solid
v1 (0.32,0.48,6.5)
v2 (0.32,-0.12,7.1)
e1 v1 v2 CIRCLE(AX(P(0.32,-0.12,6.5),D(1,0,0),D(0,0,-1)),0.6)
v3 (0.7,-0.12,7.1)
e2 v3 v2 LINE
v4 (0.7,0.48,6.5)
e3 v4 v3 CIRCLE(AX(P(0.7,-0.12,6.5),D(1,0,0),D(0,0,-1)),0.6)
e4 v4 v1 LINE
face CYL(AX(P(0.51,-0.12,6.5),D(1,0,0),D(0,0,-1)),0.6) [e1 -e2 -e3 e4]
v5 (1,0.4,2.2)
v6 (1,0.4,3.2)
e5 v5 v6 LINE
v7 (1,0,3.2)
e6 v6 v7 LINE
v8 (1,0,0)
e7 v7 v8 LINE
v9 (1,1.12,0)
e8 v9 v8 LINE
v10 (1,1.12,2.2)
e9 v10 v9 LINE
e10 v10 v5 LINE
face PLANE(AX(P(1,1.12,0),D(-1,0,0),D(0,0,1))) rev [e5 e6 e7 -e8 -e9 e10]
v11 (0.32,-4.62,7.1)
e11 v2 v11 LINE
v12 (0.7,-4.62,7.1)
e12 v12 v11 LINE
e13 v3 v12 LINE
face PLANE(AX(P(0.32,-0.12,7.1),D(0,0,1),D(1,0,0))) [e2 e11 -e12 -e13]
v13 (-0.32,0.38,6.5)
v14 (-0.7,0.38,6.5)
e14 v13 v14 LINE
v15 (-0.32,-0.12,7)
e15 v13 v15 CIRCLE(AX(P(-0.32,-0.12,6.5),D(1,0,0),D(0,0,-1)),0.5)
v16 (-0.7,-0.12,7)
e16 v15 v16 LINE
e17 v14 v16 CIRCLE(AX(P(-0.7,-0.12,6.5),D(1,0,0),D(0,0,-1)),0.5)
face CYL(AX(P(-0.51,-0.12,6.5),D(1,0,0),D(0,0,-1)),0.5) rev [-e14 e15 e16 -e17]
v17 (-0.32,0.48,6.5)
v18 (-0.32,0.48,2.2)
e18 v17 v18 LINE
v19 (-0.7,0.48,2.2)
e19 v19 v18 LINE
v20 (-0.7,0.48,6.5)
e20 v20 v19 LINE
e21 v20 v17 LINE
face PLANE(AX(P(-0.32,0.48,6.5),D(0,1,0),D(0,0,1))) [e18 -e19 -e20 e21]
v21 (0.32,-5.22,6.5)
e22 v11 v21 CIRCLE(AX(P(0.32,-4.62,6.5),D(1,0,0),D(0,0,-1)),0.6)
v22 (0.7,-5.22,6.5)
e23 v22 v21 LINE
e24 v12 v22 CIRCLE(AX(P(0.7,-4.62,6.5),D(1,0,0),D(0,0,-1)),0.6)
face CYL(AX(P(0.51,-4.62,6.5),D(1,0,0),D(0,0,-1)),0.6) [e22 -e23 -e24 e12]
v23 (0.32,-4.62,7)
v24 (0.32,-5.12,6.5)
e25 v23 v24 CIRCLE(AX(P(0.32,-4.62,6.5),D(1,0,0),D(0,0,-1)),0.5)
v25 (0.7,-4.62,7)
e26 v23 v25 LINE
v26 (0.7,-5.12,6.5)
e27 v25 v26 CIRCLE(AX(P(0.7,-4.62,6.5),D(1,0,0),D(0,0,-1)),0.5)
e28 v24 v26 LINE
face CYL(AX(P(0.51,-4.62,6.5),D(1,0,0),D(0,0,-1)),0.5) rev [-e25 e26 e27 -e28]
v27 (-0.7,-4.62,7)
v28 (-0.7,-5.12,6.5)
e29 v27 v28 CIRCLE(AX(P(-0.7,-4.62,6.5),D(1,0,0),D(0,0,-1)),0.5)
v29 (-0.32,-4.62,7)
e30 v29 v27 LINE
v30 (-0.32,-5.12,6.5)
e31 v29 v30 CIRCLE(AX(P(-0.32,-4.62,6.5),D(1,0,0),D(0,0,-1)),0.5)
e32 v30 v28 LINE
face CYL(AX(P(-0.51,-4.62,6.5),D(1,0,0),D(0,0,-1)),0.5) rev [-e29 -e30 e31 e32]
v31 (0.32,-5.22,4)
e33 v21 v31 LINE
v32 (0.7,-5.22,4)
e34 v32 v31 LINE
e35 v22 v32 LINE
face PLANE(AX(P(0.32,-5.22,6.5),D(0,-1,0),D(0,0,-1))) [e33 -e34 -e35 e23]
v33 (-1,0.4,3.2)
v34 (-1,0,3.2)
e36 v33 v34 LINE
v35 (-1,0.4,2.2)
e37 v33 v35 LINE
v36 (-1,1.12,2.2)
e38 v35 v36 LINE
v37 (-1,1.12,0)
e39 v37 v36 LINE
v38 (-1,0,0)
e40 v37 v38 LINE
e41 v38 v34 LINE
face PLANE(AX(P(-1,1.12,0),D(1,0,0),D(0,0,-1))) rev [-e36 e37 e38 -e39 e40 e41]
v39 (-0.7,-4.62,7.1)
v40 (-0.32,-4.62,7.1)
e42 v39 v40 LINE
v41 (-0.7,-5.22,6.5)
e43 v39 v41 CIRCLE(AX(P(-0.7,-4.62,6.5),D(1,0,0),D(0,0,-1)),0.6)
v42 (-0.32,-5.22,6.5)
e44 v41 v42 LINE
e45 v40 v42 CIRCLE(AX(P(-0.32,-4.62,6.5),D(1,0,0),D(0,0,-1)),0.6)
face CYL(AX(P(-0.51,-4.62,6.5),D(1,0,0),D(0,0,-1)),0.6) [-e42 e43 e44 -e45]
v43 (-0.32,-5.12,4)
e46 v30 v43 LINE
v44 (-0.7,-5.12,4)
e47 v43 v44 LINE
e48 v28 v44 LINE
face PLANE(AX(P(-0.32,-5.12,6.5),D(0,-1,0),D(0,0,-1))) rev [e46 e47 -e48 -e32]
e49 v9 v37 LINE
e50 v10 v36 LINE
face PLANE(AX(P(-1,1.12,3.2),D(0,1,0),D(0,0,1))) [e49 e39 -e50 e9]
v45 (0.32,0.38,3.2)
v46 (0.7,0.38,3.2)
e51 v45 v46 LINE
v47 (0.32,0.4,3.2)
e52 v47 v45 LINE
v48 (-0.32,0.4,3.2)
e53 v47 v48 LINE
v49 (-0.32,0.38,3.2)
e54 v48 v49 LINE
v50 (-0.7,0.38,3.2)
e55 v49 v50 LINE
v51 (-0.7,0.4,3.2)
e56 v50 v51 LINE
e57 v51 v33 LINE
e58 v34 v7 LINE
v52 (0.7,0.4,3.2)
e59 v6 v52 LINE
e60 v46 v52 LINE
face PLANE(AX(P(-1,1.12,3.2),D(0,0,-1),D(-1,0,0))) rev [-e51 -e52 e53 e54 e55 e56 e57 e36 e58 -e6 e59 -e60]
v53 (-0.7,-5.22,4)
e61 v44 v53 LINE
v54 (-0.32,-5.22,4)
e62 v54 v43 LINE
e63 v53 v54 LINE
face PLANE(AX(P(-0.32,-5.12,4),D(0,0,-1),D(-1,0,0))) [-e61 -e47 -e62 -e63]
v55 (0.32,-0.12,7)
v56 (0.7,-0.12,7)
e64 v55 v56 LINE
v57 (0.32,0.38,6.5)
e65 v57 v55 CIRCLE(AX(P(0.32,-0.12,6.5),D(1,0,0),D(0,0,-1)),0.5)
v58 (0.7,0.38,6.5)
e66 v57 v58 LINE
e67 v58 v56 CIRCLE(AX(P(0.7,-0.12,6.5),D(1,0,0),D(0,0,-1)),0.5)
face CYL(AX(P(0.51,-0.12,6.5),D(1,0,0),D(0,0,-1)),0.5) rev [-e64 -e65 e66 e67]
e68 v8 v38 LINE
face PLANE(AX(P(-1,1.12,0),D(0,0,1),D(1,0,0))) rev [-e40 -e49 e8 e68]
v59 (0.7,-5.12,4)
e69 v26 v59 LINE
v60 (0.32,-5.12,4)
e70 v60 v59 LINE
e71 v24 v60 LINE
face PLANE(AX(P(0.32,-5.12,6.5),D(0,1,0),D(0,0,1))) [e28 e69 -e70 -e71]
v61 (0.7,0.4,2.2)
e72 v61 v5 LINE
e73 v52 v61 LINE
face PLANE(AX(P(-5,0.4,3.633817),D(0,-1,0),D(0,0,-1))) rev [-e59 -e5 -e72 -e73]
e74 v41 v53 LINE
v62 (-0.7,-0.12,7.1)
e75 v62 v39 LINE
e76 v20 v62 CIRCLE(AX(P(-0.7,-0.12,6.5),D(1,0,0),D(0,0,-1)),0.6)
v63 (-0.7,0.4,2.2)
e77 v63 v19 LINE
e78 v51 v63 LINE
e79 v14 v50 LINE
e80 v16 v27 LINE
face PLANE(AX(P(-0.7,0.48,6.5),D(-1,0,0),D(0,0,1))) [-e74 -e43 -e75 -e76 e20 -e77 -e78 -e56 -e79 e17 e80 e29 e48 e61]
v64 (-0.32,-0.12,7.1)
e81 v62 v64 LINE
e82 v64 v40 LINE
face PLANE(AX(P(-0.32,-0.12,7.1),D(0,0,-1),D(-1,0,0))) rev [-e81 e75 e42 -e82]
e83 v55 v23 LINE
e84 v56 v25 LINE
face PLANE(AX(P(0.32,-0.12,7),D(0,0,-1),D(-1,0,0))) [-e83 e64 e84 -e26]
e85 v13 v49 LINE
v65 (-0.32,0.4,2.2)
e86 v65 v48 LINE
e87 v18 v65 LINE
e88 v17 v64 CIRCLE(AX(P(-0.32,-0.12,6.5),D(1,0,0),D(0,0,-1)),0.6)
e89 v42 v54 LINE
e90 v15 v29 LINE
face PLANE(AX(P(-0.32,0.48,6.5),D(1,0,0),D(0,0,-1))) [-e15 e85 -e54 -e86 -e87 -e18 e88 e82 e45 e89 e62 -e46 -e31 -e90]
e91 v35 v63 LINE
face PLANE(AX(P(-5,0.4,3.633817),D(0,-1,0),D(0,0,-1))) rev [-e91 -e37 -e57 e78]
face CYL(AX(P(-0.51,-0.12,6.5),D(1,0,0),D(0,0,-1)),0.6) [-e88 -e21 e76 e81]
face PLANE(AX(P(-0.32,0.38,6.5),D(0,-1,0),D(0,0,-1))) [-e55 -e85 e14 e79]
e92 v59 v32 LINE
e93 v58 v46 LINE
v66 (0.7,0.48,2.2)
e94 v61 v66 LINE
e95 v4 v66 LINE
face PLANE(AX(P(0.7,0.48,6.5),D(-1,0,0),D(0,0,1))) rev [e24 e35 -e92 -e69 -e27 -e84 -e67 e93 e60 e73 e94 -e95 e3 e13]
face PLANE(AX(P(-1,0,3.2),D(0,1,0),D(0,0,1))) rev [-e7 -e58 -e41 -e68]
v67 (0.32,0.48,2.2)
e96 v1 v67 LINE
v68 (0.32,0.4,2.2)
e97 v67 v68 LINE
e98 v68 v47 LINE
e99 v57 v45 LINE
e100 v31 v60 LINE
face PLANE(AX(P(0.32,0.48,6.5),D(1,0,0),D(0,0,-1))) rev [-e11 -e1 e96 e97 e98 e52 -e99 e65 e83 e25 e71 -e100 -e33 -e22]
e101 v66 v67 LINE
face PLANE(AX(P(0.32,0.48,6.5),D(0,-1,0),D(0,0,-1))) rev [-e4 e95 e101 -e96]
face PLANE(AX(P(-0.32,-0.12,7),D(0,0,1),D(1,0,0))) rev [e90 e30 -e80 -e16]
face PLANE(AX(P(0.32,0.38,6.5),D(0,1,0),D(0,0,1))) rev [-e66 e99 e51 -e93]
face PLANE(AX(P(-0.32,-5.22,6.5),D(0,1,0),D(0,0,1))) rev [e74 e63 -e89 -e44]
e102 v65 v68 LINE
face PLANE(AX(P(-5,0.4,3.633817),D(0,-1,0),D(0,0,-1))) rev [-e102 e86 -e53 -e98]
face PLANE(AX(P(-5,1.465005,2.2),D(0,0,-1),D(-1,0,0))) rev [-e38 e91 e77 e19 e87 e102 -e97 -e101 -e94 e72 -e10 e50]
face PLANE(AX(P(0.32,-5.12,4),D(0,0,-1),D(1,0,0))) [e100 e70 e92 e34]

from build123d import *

# Parameters (mm, degrees)
SKETCH1_W           = 2
SKETCH1_H           = 3.2
BOSS_EXTRUDE1_DEPTH = 1.12
SKETCH2_W           = 1.433816818
SKETCH2_H           = 1.065005429
CUT_EXTRUDE1_DEPTH  = 5
SKETCH3_W           = 0.38
SKETCH3_H           = 0.1


with BuildPart() as part:
    # Sketch1 → Boss-Extrude1 (new body)
    with BuildSketch(Plane(origin=(0, 0, 0), x_dir=(1, 0, 0), z_dir=(0, 1, 0))):
        with Locations((0, -1.6)):
            Rectangle(SKETCH1_W, SKETCH1_H)
    extrude(amount=BOSS_EXTRUDE1_DEPTH)

    # Sketch2 → Cut-Extrude1 (cut, symmetric)
    with BuildSketch(Plane(origin=(0, 0, 0), x_dir=(0, 0, -1), z_dir=(1, 0, 0))):
        with Locations((-2.916908409, 0.932502714)):
            Rectangle(SKETCH2_W, SKETCH2_H)
    extrude(amount=CUT_EXTRUDE1_DEPTH, both=True, mode=Mode.SUBTRACT)

    # Sweep1: sweep along a curve in space
    with BuildLine() as sweep1_path:
        Line((0.51, 0.38, 2.2), (0.51, 0.38, 6.5))
        ThreePointArc((0.51, 0.38, 6.5), (0.51, 0.233553391, 6.853553391), (0.51, -0.12, 7))
        Line((0.51, -0.12, 7), (0.51, -4.62, 7))
        ThreePointArc((0.51, -4.62, 7), (0.51, -4.973553391, 6.853553391), (0.51, -5.12, 6.5))
        Line((0.51, -5.12, 6.5), (0.51, -5.12, 4))
    # Sketch3 → Sweep1 (sweep)
    with BuildSketch(Plane.XY.offset(2.2)):
        with Locations((0.51, 0.43)):
            Rectangle(SKETCH3_W, SKETCH3_H)
    sweep1 = sweep(path=sweep1_path.line)

    # Mirror1: Sweep1 across plane
    add(sweep1.mirror(Plane(origin=(0, 0, 0), x_dir=(0, 0, 1), z_dir=(1, 0, 0))))


solid = part.part
